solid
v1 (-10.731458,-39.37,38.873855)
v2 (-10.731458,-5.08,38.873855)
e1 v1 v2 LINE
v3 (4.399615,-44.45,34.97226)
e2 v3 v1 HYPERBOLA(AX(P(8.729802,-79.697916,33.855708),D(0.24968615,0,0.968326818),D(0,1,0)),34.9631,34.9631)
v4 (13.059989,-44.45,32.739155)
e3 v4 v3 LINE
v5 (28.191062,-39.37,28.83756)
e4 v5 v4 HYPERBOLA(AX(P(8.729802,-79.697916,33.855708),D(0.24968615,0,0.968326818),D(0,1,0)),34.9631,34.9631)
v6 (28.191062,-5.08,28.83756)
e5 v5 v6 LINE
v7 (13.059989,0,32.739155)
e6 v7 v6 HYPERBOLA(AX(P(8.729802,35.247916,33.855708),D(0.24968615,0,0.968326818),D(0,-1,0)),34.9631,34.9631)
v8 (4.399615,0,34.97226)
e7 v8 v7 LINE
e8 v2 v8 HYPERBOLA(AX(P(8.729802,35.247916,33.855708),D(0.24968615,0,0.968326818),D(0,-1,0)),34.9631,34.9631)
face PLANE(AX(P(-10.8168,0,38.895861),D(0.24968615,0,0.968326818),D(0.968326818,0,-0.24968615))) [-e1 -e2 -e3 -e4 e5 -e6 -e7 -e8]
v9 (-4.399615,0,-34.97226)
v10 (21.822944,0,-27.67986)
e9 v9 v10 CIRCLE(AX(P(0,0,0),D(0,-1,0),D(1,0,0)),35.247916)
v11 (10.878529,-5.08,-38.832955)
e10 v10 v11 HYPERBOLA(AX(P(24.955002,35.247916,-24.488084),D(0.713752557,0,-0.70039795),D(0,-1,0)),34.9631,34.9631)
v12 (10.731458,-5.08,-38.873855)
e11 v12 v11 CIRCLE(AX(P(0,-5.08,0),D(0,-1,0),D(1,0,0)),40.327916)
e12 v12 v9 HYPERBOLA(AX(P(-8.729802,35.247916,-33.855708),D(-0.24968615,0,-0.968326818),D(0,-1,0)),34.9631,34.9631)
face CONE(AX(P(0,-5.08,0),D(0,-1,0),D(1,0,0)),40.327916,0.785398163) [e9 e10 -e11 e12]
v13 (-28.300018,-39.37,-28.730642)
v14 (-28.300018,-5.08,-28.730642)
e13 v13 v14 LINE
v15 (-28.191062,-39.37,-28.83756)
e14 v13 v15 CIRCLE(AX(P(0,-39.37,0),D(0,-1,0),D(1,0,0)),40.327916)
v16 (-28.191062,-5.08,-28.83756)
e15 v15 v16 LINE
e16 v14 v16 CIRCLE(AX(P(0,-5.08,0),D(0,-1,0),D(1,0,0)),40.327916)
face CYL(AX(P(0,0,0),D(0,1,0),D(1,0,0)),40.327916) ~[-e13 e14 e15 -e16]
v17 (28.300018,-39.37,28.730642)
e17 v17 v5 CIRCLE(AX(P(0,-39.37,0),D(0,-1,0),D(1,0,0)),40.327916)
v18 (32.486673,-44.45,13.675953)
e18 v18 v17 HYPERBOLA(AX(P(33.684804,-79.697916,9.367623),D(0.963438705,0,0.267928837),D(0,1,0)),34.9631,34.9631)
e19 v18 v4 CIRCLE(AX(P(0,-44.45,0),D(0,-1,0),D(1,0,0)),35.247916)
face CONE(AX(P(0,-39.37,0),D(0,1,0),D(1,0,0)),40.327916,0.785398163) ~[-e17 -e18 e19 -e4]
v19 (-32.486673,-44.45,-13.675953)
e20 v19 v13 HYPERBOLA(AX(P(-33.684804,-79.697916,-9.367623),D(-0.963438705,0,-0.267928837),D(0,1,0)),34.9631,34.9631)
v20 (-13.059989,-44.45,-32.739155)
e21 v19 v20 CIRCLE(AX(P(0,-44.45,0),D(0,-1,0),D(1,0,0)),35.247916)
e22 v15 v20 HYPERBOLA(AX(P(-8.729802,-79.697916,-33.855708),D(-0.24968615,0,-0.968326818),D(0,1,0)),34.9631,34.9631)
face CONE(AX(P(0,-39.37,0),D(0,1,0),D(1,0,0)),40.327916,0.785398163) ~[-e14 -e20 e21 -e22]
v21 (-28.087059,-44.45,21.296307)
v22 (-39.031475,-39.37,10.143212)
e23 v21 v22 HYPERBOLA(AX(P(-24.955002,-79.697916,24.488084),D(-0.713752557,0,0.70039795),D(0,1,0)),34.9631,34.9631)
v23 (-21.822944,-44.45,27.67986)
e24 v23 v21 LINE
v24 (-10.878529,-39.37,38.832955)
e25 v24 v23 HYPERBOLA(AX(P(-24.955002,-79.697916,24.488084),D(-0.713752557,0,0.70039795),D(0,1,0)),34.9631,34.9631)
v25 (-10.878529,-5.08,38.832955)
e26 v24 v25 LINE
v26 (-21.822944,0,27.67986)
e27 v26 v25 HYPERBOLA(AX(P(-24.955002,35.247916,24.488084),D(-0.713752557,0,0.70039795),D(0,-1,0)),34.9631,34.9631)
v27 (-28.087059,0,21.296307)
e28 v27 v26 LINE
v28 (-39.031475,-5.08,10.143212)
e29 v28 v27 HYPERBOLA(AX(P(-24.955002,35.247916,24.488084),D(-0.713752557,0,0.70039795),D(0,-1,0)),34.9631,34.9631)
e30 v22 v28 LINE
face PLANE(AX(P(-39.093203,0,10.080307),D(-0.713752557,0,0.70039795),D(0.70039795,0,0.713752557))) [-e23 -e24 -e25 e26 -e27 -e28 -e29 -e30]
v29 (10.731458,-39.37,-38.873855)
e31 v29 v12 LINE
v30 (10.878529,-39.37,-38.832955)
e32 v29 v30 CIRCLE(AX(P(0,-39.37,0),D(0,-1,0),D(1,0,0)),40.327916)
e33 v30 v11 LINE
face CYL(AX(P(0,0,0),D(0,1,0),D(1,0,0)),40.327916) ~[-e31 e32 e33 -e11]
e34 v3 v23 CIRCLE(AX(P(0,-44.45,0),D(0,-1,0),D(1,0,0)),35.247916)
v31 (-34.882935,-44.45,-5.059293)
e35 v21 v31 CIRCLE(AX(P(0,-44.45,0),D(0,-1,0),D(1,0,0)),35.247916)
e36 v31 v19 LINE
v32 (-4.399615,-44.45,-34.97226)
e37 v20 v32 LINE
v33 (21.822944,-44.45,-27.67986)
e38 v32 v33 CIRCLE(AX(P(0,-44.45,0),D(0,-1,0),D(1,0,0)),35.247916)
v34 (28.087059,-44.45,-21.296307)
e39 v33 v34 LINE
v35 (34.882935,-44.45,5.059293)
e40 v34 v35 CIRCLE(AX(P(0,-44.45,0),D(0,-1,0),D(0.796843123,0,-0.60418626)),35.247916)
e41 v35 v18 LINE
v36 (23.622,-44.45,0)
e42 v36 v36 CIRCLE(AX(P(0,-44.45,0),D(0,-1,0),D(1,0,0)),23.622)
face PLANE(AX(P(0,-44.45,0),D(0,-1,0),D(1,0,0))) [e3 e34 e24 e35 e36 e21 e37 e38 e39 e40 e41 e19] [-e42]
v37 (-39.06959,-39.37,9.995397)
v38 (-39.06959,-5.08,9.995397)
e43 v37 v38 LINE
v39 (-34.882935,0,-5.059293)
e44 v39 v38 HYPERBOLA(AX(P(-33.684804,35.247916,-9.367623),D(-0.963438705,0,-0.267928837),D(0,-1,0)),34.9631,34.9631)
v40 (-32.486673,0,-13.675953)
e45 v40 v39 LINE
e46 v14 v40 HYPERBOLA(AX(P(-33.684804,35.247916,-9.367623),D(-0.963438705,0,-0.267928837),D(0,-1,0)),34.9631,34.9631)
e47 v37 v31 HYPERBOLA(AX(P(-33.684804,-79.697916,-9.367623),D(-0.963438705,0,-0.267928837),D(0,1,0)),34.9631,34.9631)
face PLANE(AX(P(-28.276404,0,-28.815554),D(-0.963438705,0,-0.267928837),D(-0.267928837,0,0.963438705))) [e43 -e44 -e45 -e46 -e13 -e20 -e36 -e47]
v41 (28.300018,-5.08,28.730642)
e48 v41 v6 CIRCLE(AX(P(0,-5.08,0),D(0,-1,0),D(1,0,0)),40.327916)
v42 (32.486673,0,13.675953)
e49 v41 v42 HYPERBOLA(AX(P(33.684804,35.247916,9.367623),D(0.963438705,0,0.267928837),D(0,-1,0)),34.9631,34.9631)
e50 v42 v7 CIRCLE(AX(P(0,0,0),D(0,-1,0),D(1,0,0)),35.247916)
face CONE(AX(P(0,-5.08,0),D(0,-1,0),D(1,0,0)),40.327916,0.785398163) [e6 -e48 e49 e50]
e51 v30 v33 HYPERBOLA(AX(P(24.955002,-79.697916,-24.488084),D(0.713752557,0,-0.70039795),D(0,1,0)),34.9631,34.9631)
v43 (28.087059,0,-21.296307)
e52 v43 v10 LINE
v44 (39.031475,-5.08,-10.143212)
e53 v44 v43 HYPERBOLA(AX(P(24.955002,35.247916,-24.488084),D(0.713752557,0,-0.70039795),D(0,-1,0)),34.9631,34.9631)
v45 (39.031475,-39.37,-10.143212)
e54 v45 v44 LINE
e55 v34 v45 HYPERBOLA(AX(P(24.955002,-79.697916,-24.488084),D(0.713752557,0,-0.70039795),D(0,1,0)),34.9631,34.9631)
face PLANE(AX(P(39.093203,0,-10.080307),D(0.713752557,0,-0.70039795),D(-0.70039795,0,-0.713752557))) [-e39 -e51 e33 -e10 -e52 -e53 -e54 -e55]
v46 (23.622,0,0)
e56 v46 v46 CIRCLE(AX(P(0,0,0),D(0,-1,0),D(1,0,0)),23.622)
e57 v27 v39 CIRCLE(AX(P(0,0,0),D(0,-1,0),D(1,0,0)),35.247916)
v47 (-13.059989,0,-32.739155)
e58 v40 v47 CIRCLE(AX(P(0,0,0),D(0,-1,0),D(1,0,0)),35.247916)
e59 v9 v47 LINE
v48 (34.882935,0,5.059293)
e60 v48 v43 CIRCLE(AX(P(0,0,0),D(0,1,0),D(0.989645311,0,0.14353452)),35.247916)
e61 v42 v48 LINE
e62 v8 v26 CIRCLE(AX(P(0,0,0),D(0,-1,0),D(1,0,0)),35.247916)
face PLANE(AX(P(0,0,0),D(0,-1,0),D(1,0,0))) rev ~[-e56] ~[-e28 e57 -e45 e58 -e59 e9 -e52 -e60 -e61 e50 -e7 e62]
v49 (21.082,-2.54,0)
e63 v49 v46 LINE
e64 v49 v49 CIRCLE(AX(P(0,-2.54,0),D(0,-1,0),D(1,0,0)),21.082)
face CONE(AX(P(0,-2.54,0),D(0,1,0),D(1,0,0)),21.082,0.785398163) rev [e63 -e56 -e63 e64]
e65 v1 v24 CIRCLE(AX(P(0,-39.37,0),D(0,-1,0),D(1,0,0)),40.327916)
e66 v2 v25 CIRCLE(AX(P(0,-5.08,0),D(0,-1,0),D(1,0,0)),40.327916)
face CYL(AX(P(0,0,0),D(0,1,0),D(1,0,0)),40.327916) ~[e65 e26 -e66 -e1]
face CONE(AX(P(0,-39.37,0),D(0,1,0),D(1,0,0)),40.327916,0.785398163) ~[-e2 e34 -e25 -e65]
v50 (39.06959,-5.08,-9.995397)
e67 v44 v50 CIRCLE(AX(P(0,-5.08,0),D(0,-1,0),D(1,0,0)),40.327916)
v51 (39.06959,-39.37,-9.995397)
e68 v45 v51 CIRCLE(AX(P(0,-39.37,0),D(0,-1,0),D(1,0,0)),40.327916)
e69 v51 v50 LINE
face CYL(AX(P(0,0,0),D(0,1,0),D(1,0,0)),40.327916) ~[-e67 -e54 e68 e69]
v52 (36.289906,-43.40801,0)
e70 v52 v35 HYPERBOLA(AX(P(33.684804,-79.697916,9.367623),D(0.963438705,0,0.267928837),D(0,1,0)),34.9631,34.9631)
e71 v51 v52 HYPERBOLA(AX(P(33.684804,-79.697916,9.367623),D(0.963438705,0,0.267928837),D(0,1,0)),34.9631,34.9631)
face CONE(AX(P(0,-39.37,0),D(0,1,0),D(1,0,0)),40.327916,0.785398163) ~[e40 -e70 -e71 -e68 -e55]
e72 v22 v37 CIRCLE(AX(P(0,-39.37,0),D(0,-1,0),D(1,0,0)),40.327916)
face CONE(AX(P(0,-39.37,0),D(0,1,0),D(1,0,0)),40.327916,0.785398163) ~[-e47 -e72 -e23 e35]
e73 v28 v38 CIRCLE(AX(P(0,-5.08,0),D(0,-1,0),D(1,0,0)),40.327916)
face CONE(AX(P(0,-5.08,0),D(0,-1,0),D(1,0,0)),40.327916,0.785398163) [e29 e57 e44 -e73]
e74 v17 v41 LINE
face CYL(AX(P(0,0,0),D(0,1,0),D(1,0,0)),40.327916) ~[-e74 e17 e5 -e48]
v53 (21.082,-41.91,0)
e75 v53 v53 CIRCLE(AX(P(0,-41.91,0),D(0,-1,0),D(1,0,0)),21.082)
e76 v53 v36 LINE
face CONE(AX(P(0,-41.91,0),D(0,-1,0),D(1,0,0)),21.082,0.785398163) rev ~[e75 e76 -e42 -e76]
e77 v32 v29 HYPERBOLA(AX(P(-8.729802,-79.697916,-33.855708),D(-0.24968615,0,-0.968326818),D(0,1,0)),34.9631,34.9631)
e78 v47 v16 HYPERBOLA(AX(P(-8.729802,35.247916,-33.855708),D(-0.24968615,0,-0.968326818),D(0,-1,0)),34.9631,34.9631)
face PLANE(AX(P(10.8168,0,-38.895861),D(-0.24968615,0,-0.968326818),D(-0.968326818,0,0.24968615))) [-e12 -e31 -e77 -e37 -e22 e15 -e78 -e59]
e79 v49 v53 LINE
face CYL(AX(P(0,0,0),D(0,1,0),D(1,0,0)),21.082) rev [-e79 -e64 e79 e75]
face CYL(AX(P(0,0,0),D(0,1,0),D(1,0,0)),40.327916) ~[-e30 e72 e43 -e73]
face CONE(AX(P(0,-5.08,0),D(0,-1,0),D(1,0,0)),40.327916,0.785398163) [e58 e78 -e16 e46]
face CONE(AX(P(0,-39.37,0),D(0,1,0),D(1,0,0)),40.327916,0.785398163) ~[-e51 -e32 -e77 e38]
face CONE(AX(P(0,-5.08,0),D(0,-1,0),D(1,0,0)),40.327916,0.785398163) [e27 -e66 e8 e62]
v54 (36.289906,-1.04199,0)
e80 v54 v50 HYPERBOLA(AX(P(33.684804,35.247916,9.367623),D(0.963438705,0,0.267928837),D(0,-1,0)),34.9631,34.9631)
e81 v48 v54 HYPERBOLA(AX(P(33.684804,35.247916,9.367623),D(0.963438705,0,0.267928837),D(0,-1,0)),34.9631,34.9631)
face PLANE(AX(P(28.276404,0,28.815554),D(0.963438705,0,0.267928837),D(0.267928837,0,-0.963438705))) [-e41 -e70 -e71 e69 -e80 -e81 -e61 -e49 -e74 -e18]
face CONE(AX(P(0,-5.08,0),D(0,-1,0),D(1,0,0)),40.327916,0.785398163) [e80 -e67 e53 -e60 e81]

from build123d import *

# Parameters (mm, degrees)
F0_R     = 40.327916
F0_R_2   = 21.082
F1_DEPTH = 44.45
F2_SIZE  = 2.54
F3_SIZE  = 5.08
F4_R     = 69.994365
F5_DEPTH = 44.451


with BuildPart() as f1:
    # F0 (on Front) → F1 (new body)
    with BuildSketch(Plane.XZ):
        Circle(F0_R)
        Circle(F0_R_2, mode=Mode.SUBTRACT)
    extrude(amount=F1_DEPTH)

    # F2
    f2_edges = [f1.edges().sort_by_distance(p)[0] for p in [
        (21.082, -22.225, 0),
        (-21.082, 0, 0),
        (-21.082, -44.45, 0),
    ]]
    chamfer(f2_edges, length=F2_SIZE)

    # F3
    f3_edges = [f1.edges().sort_by_distance(p)[0] for p in [
        (40.327916, -22.225, 0),
        (-40.327916, 0, 0),
        (-40.327916, -44.45, 0),
    ]]
    chamfer(f3_edges, length=F3_SIZE)

    # F4 (on Front) → F5 (cut, through all)
    with BuildSketch(Plane.XZ):
        Circle(F4_R)
        Polygon((28.276404, 28.815554), (39.093203, -10.080307), (10.8168, -38.895861), (-28.276404, -28.815554), (-39.093203, 10.080307), (-10.8168, 38.895861), align=None, mode=Mode.SUBTRACT)
    extrude(amount=F5_DEPTH, mode=Mode.SUBTRACT)


solid = f1.part
